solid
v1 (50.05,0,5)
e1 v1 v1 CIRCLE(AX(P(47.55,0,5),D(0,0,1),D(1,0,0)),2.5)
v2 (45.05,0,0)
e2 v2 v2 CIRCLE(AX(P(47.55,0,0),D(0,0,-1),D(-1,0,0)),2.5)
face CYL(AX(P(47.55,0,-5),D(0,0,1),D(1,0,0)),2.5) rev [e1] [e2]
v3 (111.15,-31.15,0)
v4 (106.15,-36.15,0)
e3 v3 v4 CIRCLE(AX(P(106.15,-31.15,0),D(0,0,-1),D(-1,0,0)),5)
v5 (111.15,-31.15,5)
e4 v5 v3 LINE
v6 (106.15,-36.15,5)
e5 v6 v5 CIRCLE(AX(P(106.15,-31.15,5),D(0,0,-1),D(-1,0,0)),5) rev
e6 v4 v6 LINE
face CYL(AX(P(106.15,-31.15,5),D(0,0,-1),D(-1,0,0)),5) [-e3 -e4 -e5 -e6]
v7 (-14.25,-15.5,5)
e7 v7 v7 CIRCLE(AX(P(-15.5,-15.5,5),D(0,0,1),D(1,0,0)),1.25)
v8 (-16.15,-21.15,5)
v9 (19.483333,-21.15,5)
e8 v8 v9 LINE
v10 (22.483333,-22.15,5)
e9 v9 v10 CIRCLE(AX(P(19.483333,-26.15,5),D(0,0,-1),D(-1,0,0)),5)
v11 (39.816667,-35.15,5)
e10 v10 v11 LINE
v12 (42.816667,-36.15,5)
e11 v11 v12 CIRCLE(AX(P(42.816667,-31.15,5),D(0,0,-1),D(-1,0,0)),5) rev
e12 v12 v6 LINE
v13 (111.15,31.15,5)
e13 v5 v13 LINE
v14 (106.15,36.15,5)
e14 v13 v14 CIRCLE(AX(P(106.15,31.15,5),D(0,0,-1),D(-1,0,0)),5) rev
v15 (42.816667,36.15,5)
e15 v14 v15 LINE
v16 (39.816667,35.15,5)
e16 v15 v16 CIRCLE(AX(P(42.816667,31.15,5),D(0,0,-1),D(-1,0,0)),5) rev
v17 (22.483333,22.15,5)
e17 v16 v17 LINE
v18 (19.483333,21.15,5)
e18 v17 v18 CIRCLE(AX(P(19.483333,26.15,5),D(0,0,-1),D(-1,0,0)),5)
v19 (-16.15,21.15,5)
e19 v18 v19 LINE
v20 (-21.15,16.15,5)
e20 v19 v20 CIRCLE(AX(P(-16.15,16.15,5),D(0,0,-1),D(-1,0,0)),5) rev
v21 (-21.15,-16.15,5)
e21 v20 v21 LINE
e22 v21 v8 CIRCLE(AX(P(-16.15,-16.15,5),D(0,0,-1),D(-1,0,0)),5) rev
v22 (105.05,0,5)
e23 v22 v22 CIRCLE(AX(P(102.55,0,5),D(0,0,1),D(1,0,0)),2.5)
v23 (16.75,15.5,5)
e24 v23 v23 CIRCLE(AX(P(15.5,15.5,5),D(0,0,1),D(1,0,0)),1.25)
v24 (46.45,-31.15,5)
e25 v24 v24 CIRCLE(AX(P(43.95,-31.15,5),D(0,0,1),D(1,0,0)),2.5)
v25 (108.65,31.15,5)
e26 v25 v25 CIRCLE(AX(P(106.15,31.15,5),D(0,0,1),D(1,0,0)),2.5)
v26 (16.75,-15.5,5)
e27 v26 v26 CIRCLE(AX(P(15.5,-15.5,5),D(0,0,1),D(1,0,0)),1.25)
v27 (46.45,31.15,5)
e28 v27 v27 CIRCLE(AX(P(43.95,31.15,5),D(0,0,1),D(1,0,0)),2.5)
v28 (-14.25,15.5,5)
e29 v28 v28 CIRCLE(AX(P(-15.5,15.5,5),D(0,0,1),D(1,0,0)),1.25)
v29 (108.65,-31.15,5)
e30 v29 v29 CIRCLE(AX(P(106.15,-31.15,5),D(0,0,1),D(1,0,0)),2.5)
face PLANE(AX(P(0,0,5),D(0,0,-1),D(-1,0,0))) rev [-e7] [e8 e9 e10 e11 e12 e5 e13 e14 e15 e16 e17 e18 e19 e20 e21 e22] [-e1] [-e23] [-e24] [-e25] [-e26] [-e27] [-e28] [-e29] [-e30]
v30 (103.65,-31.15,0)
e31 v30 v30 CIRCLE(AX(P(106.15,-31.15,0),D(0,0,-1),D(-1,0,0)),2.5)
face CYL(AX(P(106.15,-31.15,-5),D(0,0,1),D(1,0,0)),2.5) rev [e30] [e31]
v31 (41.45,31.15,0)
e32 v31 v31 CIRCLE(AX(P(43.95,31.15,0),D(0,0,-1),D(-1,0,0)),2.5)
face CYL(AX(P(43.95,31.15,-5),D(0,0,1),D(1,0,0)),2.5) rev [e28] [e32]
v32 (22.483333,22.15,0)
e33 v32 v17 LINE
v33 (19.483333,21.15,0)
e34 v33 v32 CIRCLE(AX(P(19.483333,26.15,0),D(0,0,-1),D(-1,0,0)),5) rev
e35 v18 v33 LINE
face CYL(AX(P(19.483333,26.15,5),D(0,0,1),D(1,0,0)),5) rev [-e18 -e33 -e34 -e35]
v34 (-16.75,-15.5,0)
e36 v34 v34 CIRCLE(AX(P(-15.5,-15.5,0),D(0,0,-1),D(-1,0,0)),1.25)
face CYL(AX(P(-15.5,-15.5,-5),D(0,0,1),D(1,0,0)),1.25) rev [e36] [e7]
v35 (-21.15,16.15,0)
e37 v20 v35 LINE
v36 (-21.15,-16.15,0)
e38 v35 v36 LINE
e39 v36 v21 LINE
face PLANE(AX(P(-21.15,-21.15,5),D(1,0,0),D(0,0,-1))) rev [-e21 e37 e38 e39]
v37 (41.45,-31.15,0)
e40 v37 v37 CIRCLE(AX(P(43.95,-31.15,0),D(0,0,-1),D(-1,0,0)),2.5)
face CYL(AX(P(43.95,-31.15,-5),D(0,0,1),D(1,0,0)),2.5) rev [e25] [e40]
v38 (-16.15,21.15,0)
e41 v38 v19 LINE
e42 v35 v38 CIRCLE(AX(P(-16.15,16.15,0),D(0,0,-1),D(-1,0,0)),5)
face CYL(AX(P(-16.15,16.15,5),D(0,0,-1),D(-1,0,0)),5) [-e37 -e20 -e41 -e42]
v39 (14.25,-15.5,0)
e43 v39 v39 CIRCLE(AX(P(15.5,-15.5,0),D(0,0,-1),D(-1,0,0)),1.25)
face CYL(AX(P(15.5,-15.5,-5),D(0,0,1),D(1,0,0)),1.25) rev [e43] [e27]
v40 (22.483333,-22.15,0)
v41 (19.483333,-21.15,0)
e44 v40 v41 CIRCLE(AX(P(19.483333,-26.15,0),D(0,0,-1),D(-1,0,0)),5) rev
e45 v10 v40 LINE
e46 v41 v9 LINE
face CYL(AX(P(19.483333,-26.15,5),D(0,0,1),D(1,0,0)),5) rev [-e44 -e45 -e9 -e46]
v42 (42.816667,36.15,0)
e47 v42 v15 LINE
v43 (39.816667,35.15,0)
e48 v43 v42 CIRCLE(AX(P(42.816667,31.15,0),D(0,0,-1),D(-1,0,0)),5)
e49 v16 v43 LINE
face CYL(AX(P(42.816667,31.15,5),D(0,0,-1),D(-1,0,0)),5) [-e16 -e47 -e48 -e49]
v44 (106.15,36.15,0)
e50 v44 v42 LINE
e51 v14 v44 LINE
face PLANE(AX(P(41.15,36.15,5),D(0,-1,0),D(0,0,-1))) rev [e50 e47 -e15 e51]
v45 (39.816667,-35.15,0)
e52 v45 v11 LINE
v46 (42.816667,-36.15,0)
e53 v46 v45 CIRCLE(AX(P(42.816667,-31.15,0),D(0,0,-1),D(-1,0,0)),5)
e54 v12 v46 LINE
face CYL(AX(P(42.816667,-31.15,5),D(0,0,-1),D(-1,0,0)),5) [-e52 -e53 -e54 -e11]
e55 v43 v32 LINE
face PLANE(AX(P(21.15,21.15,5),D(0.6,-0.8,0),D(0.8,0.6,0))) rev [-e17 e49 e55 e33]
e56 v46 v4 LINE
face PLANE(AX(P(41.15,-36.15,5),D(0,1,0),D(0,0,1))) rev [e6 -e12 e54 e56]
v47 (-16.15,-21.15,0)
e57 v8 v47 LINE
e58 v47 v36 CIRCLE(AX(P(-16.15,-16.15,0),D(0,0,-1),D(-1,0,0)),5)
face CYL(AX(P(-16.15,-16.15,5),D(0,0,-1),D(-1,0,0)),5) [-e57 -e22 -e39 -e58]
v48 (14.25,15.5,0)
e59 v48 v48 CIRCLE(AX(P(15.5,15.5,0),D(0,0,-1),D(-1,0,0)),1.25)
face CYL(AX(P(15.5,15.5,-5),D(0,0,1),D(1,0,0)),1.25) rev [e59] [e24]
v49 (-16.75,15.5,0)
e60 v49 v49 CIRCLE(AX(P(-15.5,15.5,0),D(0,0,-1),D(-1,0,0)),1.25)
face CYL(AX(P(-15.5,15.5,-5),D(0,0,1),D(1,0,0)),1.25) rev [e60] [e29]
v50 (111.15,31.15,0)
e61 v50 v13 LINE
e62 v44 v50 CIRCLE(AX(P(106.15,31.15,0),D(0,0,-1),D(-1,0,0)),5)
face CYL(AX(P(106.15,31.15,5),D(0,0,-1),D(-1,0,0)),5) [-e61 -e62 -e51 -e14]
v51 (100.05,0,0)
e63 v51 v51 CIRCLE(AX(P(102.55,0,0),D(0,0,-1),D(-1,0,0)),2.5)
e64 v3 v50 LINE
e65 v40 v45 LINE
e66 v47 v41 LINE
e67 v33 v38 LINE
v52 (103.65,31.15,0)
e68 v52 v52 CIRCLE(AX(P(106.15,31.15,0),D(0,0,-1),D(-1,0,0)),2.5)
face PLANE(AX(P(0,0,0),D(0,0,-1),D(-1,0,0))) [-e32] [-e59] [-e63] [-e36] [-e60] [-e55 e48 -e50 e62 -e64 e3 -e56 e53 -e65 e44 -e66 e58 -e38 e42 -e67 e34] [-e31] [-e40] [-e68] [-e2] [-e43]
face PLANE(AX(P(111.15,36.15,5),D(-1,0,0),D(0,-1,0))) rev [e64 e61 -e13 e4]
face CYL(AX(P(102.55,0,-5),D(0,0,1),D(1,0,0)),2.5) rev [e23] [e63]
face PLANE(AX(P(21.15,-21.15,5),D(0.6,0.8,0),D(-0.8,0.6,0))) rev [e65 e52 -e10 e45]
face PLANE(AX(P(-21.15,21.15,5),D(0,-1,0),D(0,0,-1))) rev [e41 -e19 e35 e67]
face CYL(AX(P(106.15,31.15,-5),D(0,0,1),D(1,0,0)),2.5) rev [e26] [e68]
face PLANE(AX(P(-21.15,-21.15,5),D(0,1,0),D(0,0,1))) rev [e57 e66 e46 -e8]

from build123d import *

# Parameters (mm, degrees)
BOSS_EXTRUDE1_DEPTH = 5
FILLET2_R           = 5
FILLET3_R           = 5
FILLET4_R           = 5
FILLET5_R           = 5
FILLET6_R           = 5
FILLET7_R           = 5
FILLET8_R           = 5
FILLET9_R           = 5
SKETCH2_R           = 1.25
SKETCH2_R_2         = 2.5
CUT_EXTRUDE1_DEPTH  = 10


with BuildPart() as part:
    # Sketch1 → Boss-Extrude1 (new body)
    with BuildSketch(Plane.XY):
        Polygon((21.15, 21.15), (41.15, 36.15), (111.15, 36.15), (111.15, -36.15), (41.15, -36.15), (21.15, -21.15), (-21.15, -21.15), (-21.15, 21.15), align=None)
    extrude(amount=BOSS_EXTRUDE1_DEPTH)

    # Fillet2
    fillet2_edges = [part.edges().sort_by_distance(p)[0] for p in [
        (-21.15, -21.15, 2.5),
    ]]
    fillet(fillet2_edges, radius=FILLET2_R)

    # Fillet3
    fillet3_edges = [part.edges().sort_by_distance(p)[0] for p in [
        (-21.15, 21.15, 2.5),
    ]]
    fillet(fillet3_edges, radius=FILLET3_R)

    # Fillet4
    fillet4_edges = [part.edges().sort_by_distance(p)[0] for p in [
        (21.15, 21.15, 2.5),
    ]]
    fillet(fillet4_edges, radius=FILLET4_R)

    # Fillet5
    fillet5_edges = [part.edges().sort_by_distance(p)[0] for p in [
        (21.15, -21.15, 2.5),
    ]]
    fillet(fillet5_edges, radius=FILLET5_R)

    # Fillet6
    fillet6_edges = [part.edges().sort_by_distance(p)[0] for p in [
        (41.15, -36.15, 2.5),
    ]]
    fillet(fillet6_edges, radius=FILLET6_R)

    # Fillet7
    fillet7_edges = [part.edges().sort_by_distance(p)[0] for p in [
        (41.15, 36.15, 2.5),
    ]]
    fillet(fillet7_edges, radius=FILLET7_R)

    # Fillet8
    fillet8_edges = [part.edges().sort_by_distance(p)[0] for p in [
        (111.15, 36.15, 2.5),
    ]]
    fillet(fillet8_edges, radius=FILLET8_R)

    # Fillet9
    fillet9_edges = [part.edges().sort_by_distance(p)[0] for p in [
        (111.15, -36.15, 2.5),
    ]]
    fillet(fillet9_edges, radius=FILLET9_R)

    # Sketch2 → Cut-Extrude1 (cut)
    with BuildSketch(Plane.XY.offset(5)):
        with Locations((-15.5, -15.5)):
            Circle(SKETCH2_R)
        with Locations((-15.5, 15.5)):
            Circle(SKETCH2_R)
        with Locations((15.5, 15.5)):
            Circle(SKETCH2_R)
        with Locations((15.5, -15.5)):
            Circle(SKETCH2_R)
        with Locations((106.15, 31.15)):
            Circle(SKETCH2_R_2)
        with Locations((106.15, -31.15)):
            Circle(SKETCH2_R_2)
        with Locations((43.95, -31.15)):
            Circle(SKETCH2_R_2)
        with Locations((43.95, 31.15)):
            Circle(SKETCH2_R_2)
        with Locations((102.55, 0)):
            Circle(SKETCH2_R_2)
        with Locations((47.55, 0)):
            Circle(SKETCH2_R_2)
    extrude(amount=-CUT_EXTRUDE1_DEPTH, mode=Mode.SUBTRACT)


solid = part.part
